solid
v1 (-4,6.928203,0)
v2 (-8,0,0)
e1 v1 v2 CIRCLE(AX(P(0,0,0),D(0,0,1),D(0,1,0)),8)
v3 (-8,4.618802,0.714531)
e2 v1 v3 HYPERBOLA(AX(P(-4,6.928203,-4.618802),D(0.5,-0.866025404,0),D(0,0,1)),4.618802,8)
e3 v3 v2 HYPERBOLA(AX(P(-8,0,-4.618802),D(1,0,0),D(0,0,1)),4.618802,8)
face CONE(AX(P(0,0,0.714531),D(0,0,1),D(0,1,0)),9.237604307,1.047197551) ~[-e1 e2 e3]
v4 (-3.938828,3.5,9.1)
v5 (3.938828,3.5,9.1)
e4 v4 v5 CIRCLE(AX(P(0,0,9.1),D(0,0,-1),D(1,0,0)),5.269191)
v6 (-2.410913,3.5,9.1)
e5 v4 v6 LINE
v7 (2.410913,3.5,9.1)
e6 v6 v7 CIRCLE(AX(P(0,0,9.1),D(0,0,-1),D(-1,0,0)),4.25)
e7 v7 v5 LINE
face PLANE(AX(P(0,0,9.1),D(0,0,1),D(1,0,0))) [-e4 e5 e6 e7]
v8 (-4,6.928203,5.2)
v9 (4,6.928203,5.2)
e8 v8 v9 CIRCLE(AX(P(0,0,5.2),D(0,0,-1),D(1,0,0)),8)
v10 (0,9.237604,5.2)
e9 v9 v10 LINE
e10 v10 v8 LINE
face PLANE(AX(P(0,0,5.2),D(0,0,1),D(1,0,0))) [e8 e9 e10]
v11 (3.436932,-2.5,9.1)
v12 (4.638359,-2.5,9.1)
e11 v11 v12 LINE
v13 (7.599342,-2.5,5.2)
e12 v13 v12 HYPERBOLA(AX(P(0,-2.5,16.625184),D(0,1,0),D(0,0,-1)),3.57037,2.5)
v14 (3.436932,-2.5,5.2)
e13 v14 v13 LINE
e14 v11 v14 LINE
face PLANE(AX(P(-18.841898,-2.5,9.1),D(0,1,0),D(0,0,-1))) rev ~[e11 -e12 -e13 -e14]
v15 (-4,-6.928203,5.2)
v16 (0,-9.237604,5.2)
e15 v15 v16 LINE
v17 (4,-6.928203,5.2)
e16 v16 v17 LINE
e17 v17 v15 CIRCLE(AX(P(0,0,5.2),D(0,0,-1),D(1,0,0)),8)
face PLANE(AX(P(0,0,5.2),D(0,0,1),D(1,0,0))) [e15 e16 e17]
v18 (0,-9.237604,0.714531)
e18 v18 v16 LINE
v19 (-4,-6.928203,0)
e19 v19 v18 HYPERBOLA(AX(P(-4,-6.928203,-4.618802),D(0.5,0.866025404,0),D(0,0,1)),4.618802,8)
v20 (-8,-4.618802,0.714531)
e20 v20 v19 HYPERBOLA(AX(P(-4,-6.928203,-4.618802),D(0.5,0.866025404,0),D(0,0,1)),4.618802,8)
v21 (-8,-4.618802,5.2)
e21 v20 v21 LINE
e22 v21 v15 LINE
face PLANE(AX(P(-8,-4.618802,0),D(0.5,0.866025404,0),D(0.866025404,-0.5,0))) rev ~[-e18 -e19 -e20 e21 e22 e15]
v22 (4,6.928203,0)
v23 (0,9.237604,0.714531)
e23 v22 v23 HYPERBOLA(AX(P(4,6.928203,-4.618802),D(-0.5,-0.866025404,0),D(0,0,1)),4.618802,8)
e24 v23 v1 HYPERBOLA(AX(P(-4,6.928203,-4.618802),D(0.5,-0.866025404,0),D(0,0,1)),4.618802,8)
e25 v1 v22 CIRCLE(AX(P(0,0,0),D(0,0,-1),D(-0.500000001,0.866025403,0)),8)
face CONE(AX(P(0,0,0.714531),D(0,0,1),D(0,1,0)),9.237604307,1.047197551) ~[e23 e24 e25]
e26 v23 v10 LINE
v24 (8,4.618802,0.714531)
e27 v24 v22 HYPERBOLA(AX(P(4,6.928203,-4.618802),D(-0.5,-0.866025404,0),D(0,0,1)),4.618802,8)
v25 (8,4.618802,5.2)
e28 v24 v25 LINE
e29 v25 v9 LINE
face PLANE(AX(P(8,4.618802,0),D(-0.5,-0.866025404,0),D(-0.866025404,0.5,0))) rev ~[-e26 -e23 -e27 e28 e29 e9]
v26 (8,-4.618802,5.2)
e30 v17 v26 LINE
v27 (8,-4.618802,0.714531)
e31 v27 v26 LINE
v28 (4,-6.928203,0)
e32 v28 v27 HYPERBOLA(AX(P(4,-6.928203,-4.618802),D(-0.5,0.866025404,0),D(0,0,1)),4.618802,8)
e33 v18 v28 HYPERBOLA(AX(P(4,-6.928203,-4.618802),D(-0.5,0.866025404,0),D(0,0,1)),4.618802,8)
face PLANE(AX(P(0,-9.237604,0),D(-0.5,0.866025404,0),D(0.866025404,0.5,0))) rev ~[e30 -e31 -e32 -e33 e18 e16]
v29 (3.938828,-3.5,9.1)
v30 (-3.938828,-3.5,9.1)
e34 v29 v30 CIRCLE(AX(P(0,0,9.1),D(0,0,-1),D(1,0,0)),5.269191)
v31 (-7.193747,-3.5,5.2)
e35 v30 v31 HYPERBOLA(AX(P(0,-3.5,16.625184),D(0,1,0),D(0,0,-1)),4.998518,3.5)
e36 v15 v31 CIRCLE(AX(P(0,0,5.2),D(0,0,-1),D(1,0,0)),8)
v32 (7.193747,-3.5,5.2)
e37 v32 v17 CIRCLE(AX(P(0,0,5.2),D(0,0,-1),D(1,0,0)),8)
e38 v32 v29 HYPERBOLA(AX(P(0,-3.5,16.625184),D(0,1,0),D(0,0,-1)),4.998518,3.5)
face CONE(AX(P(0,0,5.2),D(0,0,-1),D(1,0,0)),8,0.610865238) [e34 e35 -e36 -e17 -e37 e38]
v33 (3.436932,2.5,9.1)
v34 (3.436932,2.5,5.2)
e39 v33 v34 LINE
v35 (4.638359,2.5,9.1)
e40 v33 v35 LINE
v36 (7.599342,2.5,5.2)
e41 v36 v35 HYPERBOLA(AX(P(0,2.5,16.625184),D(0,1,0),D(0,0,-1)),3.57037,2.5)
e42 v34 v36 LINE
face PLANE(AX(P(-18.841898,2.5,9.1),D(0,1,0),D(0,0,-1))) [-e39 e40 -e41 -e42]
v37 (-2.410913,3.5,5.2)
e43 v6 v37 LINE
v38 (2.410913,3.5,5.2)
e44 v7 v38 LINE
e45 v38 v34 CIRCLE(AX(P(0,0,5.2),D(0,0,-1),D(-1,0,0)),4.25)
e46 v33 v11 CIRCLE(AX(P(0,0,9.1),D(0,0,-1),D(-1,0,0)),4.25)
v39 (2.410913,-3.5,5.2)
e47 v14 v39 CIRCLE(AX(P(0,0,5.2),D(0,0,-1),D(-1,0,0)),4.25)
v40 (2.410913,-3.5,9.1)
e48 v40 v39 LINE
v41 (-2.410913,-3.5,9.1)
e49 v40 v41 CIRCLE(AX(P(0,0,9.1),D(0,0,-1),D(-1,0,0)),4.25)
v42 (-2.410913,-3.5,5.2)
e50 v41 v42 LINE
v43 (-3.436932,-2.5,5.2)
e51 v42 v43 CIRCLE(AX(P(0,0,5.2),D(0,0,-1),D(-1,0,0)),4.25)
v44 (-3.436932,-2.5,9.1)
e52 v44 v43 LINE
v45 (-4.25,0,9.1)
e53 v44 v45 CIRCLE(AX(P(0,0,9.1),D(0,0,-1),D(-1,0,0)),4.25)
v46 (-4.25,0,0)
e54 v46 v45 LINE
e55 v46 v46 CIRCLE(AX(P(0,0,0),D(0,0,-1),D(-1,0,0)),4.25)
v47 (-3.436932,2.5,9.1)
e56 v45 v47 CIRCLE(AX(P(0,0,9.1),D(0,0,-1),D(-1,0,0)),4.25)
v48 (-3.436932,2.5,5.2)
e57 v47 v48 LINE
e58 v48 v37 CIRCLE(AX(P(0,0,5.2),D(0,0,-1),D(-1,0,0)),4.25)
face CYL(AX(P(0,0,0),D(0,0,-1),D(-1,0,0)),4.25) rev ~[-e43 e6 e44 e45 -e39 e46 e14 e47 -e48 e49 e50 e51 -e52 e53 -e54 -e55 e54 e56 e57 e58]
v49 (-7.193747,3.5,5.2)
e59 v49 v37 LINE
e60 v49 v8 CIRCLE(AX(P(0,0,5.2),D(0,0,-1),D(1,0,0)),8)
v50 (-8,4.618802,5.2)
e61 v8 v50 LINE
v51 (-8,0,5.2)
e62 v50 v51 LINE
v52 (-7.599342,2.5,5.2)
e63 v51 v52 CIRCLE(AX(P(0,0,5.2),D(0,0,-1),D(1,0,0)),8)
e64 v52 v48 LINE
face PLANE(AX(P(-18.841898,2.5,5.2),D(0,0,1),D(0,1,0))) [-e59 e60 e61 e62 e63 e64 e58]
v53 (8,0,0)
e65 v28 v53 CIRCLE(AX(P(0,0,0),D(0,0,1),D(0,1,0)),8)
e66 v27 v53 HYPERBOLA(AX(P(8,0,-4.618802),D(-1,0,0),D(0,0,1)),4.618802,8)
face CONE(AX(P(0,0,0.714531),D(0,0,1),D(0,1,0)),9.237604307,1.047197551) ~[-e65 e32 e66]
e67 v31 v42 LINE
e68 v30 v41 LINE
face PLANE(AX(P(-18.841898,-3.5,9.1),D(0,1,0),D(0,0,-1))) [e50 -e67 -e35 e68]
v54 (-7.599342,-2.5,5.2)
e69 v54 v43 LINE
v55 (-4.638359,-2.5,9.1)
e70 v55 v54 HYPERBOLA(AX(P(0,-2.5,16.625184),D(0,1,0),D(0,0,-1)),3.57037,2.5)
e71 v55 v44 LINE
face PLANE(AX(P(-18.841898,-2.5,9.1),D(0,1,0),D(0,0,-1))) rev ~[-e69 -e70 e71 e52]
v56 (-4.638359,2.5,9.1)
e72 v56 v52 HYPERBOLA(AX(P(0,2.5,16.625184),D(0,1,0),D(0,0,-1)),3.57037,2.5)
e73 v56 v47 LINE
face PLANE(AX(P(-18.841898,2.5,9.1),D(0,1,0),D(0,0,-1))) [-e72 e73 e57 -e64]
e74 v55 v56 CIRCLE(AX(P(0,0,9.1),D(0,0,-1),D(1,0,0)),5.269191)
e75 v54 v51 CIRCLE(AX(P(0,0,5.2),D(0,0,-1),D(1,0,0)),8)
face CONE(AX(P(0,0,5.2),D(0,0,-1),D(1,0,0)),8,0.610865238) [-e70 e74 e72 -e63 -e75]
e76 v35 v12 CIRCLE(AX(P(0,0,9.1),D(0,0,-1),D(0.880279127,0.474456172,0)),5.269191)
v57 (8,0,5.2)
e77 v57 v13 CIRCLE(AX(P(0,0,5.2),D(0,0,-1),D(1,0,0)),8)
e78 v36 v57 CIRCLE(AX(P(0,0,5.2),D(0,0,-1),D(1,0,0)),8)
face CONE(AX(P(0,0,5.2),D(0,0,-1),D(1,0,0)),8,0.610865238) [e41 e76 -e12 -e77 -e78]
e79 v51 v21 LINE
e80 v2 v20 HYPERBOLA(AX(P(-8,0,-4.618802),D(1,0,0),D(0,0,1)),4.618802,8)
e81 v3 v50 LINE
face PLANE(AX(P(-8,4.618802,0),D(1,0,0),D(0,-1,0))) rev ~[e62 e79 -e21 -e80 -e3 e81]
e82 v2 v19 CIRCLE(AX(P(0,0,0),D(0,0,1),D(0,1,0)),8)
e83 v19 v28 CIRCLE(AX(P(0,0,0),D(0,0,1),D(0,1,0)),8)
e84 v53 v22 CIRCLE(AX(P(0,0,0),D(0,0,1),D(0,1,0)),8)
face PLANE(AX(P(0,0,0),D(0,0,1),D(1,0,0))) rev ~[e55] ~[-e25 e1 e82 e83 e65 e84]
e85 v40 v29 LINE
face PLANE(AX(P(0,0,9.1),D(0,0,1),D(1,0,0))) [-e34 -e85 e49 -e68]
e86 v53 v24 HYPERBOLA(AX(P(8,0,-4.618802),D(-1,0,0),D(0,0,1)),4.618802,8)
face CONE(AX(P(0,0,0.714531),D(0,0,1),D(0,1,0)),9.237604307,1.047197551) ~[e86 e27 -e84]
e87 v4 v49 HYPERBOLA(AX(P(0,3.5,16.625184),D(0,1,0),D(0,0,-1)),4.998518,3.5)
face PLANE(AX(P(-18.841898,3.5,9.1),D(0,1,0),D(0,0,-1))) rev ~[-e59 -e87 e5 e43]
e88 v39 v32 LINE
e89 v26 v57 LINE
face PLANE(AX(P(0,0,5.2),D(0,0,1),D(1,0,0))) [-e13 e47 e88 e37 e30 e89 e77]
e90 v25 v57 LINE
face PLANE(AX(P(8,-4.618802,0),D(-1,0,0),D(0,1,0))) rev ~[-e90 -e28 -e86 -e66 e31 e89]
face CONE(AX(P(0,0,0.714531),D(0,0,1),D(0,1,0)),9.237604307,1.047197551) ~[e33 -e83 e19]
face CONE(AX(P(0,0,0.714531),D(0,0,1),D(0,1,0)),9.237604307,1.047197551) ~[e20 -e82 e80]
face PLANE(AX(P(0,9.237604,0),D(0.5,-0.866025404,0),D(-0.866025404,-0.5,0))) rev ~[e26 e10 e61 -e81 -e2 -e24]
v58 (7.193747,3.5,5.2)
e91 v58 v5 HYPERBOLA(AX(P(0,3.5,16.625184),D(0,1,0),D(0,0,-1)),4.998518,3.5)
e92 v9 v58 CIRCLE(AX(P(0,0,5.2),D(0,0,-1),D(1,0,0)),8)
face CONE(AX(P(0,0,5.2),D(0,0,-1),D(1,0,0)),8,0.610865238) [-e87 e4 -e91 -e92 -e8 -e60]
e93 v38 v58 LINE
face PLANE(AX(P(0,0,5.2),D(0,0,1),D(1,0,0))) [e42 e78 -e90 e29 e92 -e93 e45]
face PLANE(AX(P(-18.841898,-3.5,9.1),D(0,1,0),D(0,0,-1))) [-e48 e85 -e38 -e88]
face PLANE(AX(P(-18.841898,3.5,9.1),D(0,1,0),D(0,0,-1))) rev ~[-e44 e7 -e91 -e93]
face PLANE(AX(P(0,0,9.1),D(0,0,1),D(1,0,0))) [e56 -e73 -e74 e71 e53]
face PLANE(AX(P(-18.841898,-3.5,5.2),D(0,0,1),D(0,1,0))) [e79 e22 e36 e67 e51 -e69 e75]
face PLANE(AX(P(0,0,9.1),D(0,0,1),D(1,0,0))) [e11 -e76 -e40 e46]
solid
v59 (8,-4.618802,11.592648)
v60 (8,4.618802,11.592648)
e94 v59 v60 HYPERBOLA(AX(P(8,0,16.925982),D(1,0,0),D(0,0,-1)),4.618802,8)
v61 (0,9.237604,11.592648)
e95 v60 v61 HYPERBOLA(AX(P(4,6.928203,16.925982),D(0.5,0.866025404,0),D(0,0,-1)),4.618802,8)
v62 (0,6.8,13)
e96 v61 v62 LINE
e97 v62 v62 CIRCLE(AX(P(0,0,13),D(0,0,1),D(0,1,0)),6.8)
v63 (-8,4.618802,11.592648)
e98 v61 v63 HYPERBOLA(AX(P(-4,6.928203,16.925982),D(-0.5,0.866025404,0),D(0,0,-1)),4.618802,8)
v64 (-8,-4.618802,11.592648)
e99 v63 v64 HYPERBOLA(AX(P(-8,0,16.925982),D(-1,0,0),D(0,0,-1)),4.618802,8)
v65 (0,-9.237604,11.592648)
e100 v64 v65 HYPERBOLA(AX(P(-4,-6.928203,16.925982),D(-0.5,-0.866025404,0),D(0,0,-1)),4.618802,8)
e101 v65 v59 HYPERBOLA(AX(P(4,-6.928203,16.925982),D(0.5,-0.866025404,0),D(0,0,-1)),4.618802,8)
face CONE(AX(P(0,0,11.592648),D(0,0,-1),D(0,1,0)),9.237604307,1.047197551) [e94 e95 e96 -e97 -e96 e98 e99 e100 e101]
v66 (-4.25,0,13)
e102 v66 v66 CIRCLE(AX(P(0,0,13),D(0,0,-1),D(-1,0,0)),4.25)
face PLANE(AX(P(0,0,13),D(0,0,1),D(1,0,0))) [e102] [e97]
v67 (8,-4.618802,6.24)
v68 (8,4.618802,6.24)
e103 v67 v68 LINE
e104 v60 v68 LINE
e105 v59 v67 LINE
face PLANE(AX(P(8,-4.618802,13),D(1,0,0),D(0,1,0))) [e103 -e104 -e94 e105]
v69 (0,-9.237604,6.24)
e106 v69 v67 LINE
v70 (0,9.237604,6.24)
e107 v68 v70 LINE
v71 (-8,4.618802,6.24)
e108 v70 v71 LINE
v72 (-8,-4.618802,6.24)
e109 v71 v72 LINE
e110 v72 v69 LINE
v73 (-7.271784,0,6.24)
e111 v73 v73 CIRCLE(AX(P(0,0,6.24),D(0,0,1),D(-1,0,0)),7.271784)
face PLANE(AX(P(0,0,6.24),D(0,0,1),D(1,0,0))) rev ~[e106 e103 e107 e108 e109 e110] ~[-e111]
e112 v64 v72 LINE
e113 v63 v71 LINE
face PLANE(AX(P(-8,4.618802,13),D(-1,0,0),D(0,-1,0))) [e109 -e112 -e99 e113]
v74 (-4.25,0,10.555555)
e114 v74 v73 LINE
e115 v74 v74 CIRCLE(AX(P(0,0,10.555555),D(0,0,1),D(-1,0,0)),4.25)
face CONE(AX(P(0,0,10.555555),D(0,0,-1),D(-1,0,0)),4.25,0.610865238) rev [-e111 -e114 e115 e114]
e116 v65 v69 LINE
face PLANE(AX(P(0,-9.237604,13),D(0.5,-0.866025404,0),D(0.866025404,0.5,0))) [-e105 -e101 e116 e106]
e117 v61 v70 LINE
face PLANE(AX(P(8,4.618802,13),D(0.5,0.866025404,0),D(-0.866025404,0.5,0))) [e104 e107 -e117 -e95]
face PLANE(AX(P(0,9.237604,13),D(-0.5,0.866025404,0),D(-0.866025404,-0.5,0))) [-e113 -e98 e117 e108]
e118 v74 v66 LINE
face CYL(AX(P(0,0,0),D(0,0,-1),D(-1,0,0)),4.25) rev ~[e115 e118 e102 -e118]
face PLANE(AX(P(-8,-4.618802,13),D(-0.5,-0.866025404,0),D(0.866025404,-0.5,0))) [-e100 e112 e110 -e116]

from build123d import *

# Parameters (mm, degrees)
VYSUNOUT1_DEPTH               = 5.2
SKICA2_R                      = 8
VYSUNOUT2_DEPTH               = 3.9
VYSUNOUT2_TAPER               = 35
VYSUNOUT3_DEPTH               = 6.76
SKICA4_R                      = 4.25
ODEBRAT_VYSUNUT_M1_DEPTH      = 18.841898255
ODEBRAT_VYSUNUT_M2_DEPTH      = 18.841898255
ODEBRAT_VYSUNUT_M2_DEPTH_BACK = 18.841898255
SKICA9_W                      = 3.9
SKICA9_H                      = 1


with BuildPart() as part:
    # Skica1 → Vysunout1 (new body)
    with BuildSketch(Plane.XY):
        Polygon((0, 9.237604307), (-8, 4.618802154), (-8, -4.618802154), (0, -9.237604307), (8, -4.618802154), (8, 4.618802154), align=None)
    extrude(amount=VYSUNOUT1_DEPTH)

    # Skica2 → Vysunout2 (add)
    with BuildSketch(Plane.XY.offset(5.2)):
        Circle(SKICA2_R)
    extrude(amount=VYSUNOUT2_DEPTH, taper=VYSUNOUT2_TAPER)


with BuildPart() as body_2:
    # Skica3 → Vysunout3 (new body)
    with BuildSketch(Plane.XY.offset(13)):
        Polygon((8, 4.618802154), (0, 9.237604307), (-8, 4.618802154), (-8, -4.618802154), (0, -9.237604307), (8, -4.618802154), align=None)
    extrude(amount=-VYSUNOUT3_DEPTH)


with BuildPart() as odebrat_vysunut_m1_tool:
    # Skica4 → Odebrat vysunutím1 (new, through all)
    with BuildSketch(Plane(origin=(0, 0, 0), x_dir=(-1, 0, 0), z_dir=(0, 0, -1))):
        Circle(SKICA4_R)
    extrude(amount=-ODEBRAT_VYSUNUT_M1_DEPTH)


with BuildPart() as part_1:
    add(part.part)

    # Odebrat vysunutím1: cut by odebrat_vysunut_m1_tool
    add(odebrat_vysunut_m1_tool.part, mode=Mode.SUBTRACT)

    # Skica8 → Odebrat rotací3 (revolve, cut)
    with BuildSketch(Plane(origin=(0, 0, 0), x_dir=(0, 0, -1), z_dir=(1, 0, 0))):
        Polygon((-0.71453118, 9.237604307), (0, 8), (0, 9.237604307), align=None)
    revolve(axis=Axis((0, 0, 0), (0, 0, 1)), mode=Mode.SUBTRACT)

    # Skica9 → Odebrat vysunutím2 (cut, two sides: drawn at the far end of the back side and taken through both)
    with BuildSketch(Plane(origin=(0, 0, 0), x_dir=(0, 0, -1), z_dir=(1, 0, 0)).offset(-ODEBRAT_VYSUNUT_M2_DEPTH_BACK)):
        with Locations((-7.15, 3)):
            Rectangle(SKICA9_W, SKICA9_H)
        with Locations((-7.15, -3)):
            Rectangle(SKICA9_W, SKICA9_H)
    extrude(amount=ODEBRAT_VYSUNUT_M2_DEPTH + ODEBRAT_VYSUNUT_M2_DEPTH_BACK, mode=Mode.SUBTRACT)


with BuildPart() as body_2_1:
    add(body_2.part)

    # Odebrat vysunutím1: cut by odebrat_vysunut_m1_tool
    add(odebrat_vysunut_m1_tool.part, mode=Mode.SUBTRACT)

    # Skica5 → Odebrat rotací1 (revolve, cut)
    with BuildSketch(Plane(origin=(0, 0, 0), x_dir=(1, 0, 0), z_dir=(0, 1, 0)), mode=Mode.PRIVATE) as odebrat_rotac_1_sk:
        Polygon((0, -6.24), (0, -10.555555025), (4.25, -10.555555025), (7.27178416, -6.24), align=None)
    revolve(odebrat_rotac_1_sk.sketch.rotate(Axis((0, 0, 0), (0, 0, 1)), 180), axis=Axis((0, 0, 0), (0, 0, 1)), mode=Mode.SUBTRACT)

    # Skica7 → Odebrat rotací2 (revolve, cut)
    with BuildSketch(Plane(origin=(0, 0, 0), x_dir=(0, 0, -1), z_dir=(1, 0, 0))):
        Polygon((-11.592648497, 9.237604307), (-13, 6.8), (-13, 9.237604307), align=None)
    revolve(axis=Axis((0, 0, 0), (0, 0, 1)), mode=Mode.SUBTRACT)


solid = Compound([part_1.part, body_2_1.part])
